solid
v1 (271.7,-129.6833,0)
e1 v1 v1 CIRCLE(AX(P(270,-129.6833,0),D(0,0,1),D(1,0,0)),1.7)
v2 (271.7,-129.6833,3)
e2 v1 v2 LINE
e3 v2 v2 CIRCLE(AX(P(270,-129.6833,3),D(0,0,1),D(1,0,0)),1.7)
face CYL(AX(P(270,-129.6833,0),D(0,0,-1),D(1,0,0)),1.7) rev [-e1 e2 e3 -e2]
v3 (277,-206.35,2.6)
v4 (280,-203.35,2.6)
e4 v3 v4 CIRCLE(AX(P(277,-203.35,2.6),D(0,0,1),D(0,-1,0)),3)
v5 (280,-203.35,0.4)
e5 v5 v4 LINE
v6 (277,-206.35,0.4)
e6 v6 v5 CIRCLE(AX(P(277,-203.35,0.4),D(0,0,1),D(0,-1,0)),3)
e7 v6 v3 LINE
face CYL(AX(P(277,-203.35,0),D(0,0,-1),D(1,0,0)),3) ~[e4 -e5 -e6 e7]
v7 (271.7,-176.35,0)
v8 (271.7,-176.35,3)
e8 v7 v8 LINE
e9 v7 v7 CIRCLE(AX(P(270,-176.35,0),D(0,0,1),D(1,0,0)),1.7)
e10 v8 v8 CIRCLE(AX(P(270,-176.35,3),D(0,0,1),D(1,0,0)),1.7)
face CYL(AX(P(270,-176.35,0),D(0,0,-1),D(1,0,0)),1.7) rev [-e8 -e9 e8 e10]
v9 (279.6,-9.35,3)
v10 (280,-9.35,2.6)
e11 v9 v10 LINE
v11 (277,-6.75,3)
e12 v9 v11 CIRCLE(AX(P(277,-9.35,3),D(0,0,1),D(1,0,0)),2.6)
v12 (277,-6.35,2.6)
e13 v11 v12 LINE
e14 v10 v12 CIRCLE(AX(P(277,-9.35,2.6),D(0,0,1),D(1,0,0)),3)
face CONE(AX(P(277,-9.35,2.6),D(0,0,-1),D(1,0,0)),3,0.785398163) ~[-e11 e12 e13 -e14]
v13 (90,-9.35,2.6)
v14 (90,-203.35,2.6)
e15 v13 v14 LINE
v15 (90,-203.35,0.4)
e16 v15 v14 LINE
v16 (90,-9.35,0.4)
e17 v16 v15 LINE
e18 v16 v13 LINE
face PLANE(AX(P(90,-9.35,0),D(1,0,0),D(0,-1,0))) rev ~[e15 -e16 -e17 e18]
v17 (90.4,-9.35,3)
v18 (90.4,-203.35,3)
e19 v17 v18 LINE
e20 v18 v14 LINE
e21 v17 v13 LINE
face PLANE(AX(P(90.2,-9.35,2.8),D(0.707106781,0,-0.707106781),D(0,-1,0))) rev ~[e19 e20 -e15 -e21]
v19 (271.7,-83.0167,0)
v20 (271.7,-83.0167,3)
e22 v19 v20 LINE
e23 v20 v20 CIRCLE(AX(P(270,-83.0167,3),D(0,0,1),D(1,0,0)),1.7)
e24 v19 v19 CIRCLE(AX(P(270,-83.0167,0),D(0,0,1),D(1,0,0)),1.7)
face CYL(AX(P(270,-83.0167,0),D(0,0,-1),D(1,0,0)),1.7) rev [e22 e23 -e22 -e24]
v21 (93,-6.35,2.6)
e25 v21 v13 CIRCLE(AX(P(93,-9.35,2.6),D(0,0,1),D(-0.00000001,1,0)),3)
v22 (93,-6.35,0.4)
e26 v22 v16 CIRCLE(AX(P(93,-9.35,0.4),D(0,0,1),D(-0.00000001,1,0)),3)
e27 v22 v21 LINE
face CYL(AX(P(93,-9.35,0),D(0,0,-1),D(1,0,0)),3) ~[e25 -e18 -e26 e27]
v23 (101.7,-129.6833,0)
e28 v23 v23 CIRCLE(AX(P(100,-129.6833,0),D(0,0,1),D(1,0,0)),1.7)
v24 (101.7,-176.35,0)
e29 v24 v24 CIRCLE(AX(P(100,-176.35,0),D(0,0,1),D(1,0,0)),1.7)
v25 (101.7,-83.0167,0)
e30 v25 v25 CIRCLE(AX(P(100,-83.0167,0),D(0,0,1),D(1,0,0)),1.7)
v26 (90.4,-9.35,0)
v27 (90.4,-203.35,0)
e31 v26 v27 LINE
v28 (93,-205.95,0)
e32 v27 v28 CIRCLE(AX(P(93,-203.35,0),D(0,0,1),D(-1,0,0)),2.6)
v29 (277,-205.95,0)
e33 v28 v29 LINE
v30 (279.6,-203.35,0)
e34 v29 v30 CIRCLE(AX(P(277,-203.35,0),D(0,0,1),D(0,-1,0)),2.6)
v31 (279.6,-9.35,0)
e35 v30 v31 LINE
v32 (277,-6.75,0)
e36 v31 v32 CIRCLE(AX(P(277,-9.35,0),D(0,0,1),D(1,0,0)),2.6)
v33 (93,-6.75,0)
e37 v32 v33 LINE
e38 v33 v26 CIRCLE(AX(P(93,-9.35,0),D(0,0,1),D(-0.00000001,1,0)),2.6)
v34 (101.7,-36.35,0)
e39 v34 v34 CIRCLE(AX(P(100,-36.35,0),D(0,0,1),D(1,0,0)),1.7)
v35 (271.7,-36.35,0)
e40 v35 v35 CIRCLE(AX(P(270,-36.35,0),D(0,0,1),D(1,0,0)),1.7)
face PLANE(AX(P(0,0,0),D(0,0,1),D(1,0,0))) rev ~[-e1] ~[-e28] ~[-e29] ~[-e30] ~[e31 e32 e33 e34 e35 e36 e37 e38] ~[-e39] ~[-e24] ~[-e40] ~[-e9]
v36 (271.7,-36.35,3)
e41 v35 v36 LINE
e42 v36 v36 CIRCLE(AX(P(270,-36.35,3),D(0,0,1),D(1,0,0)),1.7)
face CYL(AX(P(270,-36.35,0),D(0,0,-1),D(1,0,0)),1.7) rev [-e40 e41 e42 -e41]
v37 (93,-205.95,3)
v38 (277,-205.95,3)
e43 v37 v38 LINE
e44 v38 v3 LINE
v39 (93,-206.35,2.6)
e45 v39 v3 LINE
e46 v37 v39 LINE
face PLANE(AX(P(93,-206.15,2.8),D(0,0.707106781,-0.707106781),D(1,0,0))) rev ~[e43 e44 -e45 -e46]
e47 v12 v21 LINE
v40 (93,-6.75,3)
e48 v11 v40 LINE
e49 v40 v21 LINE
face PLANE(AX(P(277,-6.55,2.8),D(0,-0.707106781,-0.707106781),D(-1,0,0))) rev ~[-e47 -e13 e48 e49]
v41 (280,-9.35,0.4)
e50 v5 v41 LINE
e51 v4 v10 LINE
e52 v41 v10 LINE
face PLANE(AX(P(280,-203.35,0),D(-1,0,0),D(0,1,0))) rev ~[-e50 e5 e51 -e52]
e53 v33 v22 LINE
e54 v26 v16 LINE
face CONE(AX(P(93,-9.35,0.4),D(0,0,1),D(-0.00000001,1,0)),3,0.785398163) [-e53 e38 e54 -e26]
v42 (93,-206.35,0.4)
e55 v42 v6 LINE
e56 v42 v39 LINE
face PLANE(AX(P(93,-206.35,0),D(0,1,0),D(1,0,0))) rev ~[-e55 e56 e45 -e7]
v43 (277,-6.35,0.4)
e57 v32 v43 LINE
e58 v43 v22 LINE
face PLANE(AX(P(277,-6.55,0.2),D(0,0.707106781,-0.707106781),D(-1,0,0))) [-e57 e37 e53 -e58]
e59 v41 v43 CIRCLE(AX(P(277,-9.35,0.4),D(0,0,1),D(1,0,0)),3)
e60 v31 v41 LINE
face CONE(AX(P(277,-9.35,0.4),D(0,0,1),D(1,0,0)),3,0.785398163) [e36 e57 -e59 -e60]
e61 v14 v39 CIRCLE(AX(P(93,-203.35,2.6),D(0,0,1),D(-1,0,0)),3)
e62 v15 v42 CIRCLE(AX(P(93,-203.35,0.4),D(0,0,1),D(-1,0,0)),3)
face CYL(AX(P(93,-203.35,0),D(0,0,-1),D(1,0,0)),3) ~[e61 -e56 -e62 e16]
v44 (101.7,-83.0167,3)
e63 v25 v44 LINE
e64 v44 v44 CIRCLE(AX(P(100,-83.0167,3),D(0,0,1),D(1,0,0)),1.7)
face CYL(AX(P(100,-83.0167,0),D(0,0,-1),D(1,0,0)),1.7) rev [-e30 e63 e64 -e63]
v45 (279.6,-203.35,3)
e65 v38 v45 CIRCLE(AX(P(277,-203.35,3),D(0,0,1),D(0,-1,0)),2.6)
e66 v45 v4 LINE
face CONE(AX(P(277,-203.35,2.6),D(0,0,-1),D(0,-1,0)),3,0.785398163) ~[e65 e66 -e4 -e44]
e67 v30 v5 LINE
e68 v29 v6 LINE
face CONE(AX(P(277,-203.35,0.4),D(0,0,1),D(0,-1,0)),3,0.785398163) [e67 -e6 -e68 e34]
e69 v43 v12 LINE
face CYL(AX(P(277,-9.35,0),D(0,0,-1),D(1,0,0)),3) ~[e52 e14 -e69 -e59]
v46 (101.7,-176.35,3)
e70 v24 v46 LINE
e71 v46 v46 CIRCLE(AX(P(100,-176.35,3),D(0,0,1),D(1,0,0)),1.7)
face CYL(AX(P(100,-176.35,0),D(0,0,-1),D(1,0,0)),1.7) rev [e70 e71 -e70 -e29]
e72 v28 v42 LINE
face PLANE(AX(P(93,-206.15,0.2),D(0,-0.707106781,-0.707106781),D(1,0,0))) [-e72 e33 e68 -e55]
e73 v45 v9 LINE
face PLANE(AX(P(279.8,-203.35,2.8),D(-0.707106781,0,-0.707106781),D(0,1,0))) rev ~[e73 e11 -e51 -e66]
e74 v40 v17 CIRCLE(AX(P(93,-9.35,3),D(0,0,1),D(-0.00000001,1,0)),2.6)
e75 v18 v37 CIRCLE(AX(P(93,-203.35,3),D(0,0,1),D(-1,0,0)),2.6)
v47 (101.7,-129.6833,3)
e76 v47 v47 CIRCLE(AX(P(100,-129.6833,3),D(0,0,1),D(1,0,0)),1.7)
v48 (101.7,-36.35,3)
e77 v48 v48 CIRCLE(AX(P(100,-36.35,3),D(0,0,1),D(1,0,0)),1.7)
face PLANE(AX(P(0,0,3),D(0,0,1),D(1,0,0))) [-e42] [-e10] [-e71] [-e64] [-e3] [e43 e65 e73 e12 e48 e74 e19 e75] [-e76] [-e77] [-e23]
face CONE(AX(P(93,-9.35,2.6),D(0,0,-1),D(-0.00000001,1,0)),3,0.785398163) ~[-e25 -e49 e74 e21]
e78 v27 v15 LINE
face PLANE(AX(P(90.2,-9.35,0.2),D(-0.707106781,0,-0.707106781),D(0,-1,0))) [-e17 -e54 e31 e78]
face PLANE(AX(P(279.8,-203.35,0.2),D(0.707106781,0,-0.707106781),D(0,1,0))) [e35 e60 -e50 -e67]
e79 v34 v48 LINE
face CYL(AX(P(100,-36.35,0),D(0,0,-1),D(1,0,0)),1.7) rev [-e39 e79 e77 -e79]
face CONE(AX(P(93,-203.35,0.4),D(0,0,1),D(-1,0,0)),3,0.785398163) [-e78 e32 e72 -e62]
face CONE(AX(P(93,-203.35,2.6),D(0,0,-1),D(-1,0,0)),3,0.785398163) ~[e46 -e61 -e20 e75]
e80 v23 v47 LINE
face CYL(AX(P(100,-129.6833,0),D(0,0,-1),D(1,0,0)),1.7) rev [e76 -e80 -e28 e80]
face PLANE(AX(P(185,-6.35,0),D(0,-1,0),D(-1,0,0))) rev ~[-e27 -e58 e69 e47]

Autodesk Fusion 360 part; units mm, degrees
sketch "Sketch1" plane through (0, 0, 0) normal (0, 0, 1) x (1, 0, 0)
  line L0 (90, -6.35) -> (90, -206.35)
  line L1 (280, -206.35) -> (280, -6.35)
  line L2 (90, -206.35) -> (280, -206.35)
  line L3 (280, -6.35) -> (90, -6.35)
  line L4 (100, -6.35) -> (100, -206.35) construction
  line L5 (185, -6.35) -> (185, -206.35)
  circle A0 centre (100, -176.35) radius 1.7
  circle A1 centre (100, -129.6833) radius 1.7
  circle A2 centre (100, -83.0167) radius 1.7
  circle A3 centre (100, -36.35) radius 1.7
  circle A4 centre (270, -176.35) radius 1.7
  circle A5 centre (270, -129.6833) radius 1.7
  circle A6 centre (270, -83.0167) radius 1.7
  circle A7 centre (270, -36.35) radius 1.7
  circle A8 centre (93, -203.35) radius 3
  circle A9 centre (93, -9.35) radius 3
  circle A10 centre (277, -9.35) radius 3
  circle A11 centre (277, -203.35) radius 3
  dimension "d3694" = 200
  dimension "d3695" = 90
  dimension "d3696" = 6.35
  dimension "d3697" = 190
  dimension "d3698" = 100
  dimension "d3699" = 3.4
  dimension "d3700" = 30
  dimension "d3701" = 30
  dimension "d3702" = 46.6667
  dimension "d3703" = 46.6667
  dimension "d3706" = 6
extrude "Extrude1" add sketch "Sketch1" along normal blind 3 contours L0 L2 L3 L5 A8 A9 | A9 | A8 | L1 L2 L3 L5 A10 A11 | A10 | A11
sketch "DXF" plane through (0, 0, 3) normal (0, 0, 1) x (-1, 0, 0)
  circle A0 centre (-270, 176.35) radius 1.7
  circle A1 centre (-100, 36.35) radius 1.7
  circle A2 centre (-270, 36.35) radius 1.7
  circle A3 centre (-100, 83.0167) radius 1.7
  circle A4 centre (-100, 176.35) radius 1.7
  circle A5 centre (-270, 83.0167) radius 1.7
  circle A6 centre (-100, 129.6833) radius 1.7
  circle A7 centre (-270, 129.6833) radius 1.7
  line L0 (-93, 206.35) -> (-277, 206.35)
  arc A8 (-277, 206.35) -> (-280, 203.35) centre (-277, 203.35) ccw
  line L1 (-280, 203.35) -> (-280, 9.35)
  arc A9 (-280, 9.35) -> (-277, 6.35) centre (-277, 9.35) ccw
  line L2 (-277, 6.35) -> (-93, 6.35)
  arc A10 (-93, 6.35) -> (-90, 9.35) centre (-93, 9.35) ccw
  line L3 (-90, 9.35) -> (-90, 203.35)
  arc A11 (-90, 203.35) -> (-93, 206.35) centre (-93, 203.35) ccw
chamfer "Chamfer1" distance 0.4 angle 45 16 edges at (280, -106.35, 0) (279.1213, -7.2287, 0) (185, -6.35, 0) (90.8787, -7.2287, 0) (90, -106.35, 0) (90.8787, -205.4713, 0) (185, -206.35, 0) (279.1213, -205.4713, 0) (280, -106.35, 3) (279.1213, -7.2287, 3) (185, -6.35, 3) (90.8787, -7.2287, 3) (90, -106.35, 3) (90.8787, -205.4713, 3) (185, -206.35, 3) (279.1213, -205.4713, 3)
equation "d3694 = 204 mm - 3 mm - 1 mm"
equation "d3696 = 5.35 mm + 1 mm"
equation "d3698 = 85 mm + 15 mm"
equation "d3702 = ( d3694 - ( d3700 * 2 ) ) / 3"
equation "d3703 = d3702"
